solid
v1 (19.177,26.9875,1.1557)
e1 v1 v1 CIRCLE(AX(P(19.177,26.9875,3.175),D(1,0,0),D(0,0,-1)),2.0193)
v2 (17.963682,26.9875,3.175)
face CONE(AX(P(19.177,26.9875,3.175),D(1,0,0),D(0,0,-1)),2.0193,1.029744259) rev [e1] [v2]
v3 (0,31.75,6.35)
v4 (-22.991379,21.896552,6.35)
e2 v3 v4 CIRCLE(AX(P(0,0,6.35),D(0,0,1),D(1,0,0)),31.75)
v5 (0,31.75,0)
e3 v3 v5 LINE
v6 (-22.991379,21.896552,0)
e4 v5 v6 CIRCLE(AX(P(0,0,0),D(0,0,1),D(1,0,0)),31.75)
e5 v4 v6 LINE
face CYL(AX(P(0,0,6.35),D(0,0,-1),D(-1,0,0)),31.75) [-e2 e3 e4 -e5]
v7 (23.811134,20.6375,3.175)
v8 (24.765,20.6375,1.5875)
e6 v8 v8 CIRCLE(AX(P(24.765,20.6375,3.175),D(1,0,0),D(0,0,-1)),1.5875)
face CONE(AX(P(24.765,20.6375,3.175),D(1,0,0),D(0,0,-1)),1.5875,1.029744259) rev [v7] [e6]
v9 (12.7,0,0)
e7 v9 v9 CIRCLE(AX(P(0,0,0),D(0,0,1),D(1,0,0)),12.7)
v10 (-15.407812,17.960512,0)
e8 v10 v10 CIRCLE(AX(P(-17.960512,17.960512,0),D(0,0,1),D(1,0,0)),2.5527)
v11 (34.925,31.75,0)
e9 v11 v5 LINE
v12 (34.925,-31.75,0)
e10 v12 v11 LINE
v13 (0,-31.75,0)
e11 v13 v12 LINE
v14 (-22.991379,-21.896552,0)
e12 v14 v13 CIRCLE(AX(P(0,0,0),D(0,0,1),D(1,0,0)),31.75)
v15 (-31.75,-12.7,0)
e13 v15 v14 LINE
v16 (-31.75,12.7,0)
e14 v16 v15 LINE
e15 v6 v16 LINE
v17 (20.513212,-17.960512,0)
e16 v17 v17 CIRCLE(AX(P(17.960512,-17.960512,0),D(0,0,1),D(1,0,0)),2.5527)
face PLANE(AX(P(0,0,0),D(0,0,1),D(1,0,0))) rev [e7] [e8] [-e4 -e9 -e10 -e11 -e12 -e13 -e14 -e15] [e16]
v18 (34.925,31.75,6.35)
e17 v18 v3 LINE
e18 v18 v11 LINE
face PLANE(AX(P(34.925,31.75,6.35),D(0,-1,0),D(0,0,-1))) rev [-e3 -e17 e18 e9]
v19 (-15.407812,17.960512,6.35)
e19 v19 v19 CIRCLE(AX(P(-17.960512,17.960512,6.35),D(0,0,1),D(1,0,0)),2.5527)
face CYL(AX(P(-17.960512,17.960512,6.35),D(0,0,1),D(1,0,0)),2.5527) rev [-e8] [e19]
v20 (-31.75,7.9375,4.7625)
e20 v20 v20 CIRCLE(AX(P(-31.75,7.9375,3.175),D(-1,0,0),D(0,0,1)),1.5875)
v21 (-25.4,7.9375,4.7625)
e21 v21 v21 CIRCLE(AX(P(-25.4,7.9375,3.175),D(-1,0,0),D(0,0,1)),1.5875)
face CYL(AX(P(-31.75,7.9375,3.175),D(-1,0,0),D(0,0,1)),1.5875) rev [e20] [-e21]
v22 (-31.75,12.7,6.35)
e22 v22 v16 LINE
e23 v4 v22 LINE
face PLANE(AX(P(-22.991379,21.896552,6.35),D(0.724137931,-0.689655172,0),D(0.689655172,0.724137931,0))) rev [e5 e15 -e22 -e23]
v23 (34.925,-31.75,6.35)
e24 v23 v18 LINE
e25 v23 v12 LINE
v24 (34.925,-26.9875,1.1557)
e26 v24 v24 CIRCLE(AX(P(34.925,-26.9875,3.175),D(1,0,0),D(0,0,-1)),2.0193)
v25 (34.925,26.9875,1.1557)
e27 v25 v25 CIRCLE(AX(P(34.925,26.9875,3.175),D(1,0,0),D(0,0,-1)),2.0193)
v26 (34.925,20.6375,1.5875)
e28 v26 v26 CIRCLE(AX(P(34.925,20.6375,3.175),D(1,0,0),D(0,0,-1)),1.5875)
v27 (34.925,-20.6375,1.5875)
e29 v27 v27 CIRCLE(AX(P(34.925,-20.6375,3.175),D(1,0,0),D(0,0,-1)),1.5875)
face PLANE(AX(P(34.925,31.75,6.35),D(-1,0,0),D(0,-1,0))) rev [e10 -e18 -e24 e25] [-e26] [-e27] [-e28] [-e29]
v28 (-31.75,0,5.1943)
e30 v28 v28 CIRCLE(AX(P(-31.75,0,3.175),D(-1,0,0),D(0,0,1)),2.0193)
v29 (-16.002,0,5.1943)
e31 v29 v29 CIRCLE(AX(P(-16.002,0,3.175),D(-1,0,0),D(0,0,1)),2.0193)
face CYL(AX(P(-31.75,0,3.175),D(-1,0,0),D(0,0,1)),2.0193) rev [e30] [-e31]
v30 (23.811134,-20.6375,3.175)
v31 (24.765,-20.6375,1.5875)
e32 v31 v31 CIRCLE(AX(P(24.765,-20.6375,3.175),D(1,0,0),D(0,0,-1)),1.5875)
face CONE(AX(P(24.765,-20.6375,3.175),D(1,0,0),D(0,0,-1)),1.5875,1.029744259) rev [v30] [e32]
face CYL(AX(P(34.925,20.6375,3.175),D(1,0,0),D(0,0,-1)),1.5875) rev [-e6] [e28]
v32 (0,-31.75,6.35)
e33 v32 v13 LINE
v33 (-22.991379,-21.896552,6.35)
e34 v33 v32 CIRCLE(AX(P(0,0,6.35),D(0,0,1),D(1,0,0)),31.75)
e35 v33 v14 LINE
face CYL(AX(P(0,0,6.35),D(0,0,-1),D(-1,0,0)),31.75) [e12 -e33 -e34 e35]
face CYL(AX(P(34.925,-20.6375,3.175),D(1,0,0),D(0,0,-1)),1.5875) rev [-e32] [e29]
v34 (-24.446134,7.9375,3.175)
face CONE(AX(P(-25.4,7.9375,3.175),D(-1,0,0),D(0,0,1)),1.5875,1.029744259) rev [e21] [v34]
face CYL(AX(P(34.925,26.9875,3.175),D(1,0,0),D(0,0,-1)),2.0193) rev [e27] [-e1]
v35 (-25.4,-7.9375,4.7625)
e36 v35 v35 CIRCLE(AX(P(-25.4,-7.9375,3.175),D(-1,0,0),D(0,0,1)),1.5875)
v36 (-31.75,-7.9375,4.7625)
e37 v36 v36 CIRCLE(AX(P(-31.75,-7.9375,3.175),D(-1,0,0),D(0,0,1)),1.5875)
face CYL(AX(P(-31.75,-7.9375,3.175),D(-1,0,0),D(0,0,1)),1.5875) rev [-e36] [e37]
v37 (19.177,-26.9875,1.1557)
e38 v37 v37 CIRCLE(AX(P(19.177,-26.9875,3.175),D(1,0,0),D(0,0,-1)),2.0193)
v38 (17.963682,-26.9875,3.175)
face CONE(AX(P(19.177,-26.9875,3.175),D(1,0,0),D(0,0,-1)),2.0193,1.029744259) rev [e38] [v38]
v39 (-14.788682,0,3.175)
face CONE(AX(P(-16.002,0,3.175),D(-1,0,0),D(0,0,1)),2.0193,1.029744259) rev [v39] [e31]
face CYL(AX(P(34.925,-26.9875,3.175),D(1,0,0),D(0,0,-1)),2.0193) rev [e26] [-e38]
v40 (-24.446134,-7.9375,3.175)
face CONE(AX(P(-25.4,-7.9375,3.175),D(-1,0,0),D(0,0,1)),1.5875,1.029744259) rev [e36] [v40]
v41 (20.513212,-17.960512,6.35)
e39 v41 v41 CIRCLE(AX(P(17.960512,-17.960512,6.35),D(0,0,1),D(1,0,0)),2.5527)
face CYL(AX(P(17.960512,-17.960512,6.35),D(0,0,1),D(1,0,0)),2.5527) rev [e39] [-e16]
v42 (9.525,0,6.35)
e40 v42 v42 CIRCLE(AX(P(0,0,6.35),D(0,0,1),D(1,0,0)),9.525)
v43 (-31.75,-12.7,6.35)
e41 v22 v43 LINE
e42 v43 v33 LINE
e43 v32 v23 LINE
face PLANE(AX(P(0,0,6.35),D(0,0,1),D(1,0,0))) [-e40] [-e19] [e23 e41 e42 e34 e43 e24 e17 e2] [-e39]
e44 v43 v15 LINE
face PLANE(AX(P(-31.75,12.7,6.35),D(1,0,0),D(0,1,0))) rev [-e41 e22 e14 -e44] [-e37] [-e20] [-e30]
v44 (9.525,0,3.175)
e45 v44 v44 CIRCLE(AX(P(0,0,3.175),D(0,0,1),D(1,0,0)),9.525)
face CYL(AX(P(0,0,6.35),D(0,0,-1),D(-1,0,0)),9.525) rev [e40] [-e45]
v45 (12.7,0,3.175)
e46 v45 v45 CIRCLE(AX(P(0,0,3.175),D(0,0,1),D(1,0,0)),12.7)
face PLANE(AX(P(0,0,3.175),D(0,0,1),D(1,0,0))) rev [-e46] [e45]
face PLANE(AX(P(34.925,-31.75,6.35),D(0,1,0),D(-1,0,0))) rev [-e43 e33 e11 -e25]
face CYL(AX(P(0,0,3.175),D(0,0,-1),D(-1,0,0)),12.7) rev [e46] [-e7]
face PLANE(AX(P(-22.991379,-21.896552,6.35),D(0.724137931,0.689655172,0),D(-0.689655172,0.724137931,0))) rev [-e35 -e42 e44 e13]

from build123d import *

# Parameters (mm, degrees)
SKETCH1_R                                  = 9.525
BOSS_EXTRUDE1_DEPTH                        = 6.35
F_10_CLEARANCE_HOLE1_D                     = 5.1054
F_1_8_0_125_TRANSITIONAL_DOWEL_HOLE1_D     = 3.175
F_1_8_0_125_TRANSITIONAL_DOWEL_HOLE1_DEPTH = 10.16
F_1_8_0_125_TRANSITIONAL_DOWEL_HOLE1_TIP   = 0.953866233
SKETCH6_R                                  = 12.7
CUT_EXTRUDE1_DEPTH                         = 3.175
F_10_32_TAPPED_HOLE1_D                     = 4.0386
F_10_32_TAPPED_HOLE1_DEPTH                 = 15.748
F_10_32_TAPPED_HOLE1_TIP                   = 1.213317848
F_1_8_0_125_PRESS_DOWEL_HOLE1_D            = 3.175
F_1_8_0_125_PRESS_DOWEL_HOLE1_DEPTH        = 6.35
F_1_8_0_125_PRESS_DOWEL_HOLE1_TIP          = 0.953866233
F_10_32_TAPPED_HOLE2_D                     = 4.0386
F_10_32_TAPPED_HOLE2_DEPTH                 = 15.748
F_10_32_TAPPED_HOLE2_TIP                   = 1.213317848


with BuildPart() as part:
    # Sketch1 → Boss-Extrude1 (new body)
    with BuildSketch(Plane.XY):
        with BuildLine():
            Line((34.925, 31.75), (34.925, -31.75))
            Line((34.925, -31.75), (0, -31.75))
            ThreePointArc((0, -31.75), (-12.50693773, -29.182854703), (-22.99137931, -21.896551724))
            Line((-22.99137931, -21.896551724), (-31.75, -12.7))
            Line((-31.75, -12.7), (-31.75, 12.7))
            Line((-31.75, 12.7), (-22.99137931, 21.896551724))
            ThreePointArc((-22.99137931, 21.896551724), (-12.50693773, 29.182854703), (0, 31.75))
            Line((0, 31.75), (34.925, 31.75))
        make_face()
        Circle(SKETCH1_R, mode=Mode.SUBTRACT)
    extrude(amount=BOSS_EXTRUDE1_DEPTH)

    # #10 Clearance Hole1 (through all)
    with Locations(Plane.XY.offset(6.35)):
        with Locations((17.960512242, -17.960512242), (-17.960512242, 17.960512242)):
            Hole(F_10_CLEARANCE_HOLE1_D / 2)

    # 1/8 (0.125) Transitional Dowel Hole1
    with Locations(Plane(origin=(34.925, 0, 0), x_dir=(0, 0, -1), z_dir=(1, 0, 0))):
        with Locations((-3.175, 20.6375), (-3.175, -20.6375)):
            Hole(F_1_8_0_125_TRANSITIONAL_DOWEL_HOLE1_D / 2, depth=F_1_8_0_125_TRANSITIONAL_DOWEL_HOLE1_DEPTH)
            with Locations((0, 0, -(F_1_8_0_125_TRANSITIONAL_DOWEL_HOLE1_DEPTH + F_1_8_0_125_TRANSITIONAL_DOWEL_HOLE1_TIP / 2))):  # 118° drill point
                Cone(0, F_1_8_0_125_TRANSITIONAL_DOWEL_HOLE1_D / 2, F_1_8_0_125_TRANSITIONAL_DOWEL_HOLE1_TIP, mode=Mode.SUBTRACT)

    # Sketch6 → Cut-Extrude1 (cut)
    with BuildSketch(Plane.XY):
        Circle(SKETCH6_R)
    extrude(amount=CUT_EXTRUDE1_DEPTH, mode=Mode.SUBTRACT)

    # #10-32 Tapped Hole1
    with Locations(Plane(origin=(34.925, 0, 0), x_dir=(0, 0, -1), z_dir=(1, 0, 0))):
        with Locations((-3.175, 26.9875), (-3.175, -26.9875)):
            Hole(F_10_32_TAPPED_HOLE1_D / 2, depth=F_10_32_TAPPED_HOLE1_DEPTH)
            with Locations((0, 0, -(F_10_32_TAPPED_HOLE1_DEPTH + F_10_32_TAPPED_HOLE1_TIP / 2))):  # 118° drill point
                Cone(0, F_10_32_TAPPED_HOLE1_D / 2, F_10_32_TAPPED_HOLE1_TIP, mode=Mode.SUBTRACT)

    # 1/8 (0.125) Press Dowel Hole1
    with Locations(Plane.ZY.offset(31.75)):
        with Locations((3.175, 7.9375), (3.175, -7.9375)):
            Hole(F_1_8_0_125_PRESS_DOWEL_HOLE1_D / 2, depth=F_1_8_0_125_PRESS_DOWEL_HOLE1_DEPTH)
            with Locations((0, 0, -(F_1_8_0_125_PRESS_DOWEL_HOLE1_DEPTH + F_1_8_0_125_PRESS_DOWEL_HOLE1_TIP / 2))):  # 118° drill point
                Cone(0, F_1_8_0_125_PRESS_DOWEL_HOLE1_D / 2, F_1_8_0_125_PRESS_DOWEL_HOLE1_TIP, mode=Mode.SUBTRACT)

    # #10-32 Tapped Hole2
    with Locations(Plane.ZY.offset(31.75)):
        with Locations((3.175, 0)):
            Hole(F_10_32_TAPPED_HOLE2_D / 2, depth=F_10_32_TAPPED_HOLE2_DEPTH)
            with Locations((0, 0, -(F_10_32_TAPPED_HOLE2_DEPTH + F_10_32_TAPPED_HOLE2_TIP / 2))):  # 118° drill point
                Cone(0, F_10_32_TAPPED_HOLE2_D / 2, F_10_32_TAPPED_HOLE2_TIP, mode=Mode.SUBTRACT)


solid = part.part
